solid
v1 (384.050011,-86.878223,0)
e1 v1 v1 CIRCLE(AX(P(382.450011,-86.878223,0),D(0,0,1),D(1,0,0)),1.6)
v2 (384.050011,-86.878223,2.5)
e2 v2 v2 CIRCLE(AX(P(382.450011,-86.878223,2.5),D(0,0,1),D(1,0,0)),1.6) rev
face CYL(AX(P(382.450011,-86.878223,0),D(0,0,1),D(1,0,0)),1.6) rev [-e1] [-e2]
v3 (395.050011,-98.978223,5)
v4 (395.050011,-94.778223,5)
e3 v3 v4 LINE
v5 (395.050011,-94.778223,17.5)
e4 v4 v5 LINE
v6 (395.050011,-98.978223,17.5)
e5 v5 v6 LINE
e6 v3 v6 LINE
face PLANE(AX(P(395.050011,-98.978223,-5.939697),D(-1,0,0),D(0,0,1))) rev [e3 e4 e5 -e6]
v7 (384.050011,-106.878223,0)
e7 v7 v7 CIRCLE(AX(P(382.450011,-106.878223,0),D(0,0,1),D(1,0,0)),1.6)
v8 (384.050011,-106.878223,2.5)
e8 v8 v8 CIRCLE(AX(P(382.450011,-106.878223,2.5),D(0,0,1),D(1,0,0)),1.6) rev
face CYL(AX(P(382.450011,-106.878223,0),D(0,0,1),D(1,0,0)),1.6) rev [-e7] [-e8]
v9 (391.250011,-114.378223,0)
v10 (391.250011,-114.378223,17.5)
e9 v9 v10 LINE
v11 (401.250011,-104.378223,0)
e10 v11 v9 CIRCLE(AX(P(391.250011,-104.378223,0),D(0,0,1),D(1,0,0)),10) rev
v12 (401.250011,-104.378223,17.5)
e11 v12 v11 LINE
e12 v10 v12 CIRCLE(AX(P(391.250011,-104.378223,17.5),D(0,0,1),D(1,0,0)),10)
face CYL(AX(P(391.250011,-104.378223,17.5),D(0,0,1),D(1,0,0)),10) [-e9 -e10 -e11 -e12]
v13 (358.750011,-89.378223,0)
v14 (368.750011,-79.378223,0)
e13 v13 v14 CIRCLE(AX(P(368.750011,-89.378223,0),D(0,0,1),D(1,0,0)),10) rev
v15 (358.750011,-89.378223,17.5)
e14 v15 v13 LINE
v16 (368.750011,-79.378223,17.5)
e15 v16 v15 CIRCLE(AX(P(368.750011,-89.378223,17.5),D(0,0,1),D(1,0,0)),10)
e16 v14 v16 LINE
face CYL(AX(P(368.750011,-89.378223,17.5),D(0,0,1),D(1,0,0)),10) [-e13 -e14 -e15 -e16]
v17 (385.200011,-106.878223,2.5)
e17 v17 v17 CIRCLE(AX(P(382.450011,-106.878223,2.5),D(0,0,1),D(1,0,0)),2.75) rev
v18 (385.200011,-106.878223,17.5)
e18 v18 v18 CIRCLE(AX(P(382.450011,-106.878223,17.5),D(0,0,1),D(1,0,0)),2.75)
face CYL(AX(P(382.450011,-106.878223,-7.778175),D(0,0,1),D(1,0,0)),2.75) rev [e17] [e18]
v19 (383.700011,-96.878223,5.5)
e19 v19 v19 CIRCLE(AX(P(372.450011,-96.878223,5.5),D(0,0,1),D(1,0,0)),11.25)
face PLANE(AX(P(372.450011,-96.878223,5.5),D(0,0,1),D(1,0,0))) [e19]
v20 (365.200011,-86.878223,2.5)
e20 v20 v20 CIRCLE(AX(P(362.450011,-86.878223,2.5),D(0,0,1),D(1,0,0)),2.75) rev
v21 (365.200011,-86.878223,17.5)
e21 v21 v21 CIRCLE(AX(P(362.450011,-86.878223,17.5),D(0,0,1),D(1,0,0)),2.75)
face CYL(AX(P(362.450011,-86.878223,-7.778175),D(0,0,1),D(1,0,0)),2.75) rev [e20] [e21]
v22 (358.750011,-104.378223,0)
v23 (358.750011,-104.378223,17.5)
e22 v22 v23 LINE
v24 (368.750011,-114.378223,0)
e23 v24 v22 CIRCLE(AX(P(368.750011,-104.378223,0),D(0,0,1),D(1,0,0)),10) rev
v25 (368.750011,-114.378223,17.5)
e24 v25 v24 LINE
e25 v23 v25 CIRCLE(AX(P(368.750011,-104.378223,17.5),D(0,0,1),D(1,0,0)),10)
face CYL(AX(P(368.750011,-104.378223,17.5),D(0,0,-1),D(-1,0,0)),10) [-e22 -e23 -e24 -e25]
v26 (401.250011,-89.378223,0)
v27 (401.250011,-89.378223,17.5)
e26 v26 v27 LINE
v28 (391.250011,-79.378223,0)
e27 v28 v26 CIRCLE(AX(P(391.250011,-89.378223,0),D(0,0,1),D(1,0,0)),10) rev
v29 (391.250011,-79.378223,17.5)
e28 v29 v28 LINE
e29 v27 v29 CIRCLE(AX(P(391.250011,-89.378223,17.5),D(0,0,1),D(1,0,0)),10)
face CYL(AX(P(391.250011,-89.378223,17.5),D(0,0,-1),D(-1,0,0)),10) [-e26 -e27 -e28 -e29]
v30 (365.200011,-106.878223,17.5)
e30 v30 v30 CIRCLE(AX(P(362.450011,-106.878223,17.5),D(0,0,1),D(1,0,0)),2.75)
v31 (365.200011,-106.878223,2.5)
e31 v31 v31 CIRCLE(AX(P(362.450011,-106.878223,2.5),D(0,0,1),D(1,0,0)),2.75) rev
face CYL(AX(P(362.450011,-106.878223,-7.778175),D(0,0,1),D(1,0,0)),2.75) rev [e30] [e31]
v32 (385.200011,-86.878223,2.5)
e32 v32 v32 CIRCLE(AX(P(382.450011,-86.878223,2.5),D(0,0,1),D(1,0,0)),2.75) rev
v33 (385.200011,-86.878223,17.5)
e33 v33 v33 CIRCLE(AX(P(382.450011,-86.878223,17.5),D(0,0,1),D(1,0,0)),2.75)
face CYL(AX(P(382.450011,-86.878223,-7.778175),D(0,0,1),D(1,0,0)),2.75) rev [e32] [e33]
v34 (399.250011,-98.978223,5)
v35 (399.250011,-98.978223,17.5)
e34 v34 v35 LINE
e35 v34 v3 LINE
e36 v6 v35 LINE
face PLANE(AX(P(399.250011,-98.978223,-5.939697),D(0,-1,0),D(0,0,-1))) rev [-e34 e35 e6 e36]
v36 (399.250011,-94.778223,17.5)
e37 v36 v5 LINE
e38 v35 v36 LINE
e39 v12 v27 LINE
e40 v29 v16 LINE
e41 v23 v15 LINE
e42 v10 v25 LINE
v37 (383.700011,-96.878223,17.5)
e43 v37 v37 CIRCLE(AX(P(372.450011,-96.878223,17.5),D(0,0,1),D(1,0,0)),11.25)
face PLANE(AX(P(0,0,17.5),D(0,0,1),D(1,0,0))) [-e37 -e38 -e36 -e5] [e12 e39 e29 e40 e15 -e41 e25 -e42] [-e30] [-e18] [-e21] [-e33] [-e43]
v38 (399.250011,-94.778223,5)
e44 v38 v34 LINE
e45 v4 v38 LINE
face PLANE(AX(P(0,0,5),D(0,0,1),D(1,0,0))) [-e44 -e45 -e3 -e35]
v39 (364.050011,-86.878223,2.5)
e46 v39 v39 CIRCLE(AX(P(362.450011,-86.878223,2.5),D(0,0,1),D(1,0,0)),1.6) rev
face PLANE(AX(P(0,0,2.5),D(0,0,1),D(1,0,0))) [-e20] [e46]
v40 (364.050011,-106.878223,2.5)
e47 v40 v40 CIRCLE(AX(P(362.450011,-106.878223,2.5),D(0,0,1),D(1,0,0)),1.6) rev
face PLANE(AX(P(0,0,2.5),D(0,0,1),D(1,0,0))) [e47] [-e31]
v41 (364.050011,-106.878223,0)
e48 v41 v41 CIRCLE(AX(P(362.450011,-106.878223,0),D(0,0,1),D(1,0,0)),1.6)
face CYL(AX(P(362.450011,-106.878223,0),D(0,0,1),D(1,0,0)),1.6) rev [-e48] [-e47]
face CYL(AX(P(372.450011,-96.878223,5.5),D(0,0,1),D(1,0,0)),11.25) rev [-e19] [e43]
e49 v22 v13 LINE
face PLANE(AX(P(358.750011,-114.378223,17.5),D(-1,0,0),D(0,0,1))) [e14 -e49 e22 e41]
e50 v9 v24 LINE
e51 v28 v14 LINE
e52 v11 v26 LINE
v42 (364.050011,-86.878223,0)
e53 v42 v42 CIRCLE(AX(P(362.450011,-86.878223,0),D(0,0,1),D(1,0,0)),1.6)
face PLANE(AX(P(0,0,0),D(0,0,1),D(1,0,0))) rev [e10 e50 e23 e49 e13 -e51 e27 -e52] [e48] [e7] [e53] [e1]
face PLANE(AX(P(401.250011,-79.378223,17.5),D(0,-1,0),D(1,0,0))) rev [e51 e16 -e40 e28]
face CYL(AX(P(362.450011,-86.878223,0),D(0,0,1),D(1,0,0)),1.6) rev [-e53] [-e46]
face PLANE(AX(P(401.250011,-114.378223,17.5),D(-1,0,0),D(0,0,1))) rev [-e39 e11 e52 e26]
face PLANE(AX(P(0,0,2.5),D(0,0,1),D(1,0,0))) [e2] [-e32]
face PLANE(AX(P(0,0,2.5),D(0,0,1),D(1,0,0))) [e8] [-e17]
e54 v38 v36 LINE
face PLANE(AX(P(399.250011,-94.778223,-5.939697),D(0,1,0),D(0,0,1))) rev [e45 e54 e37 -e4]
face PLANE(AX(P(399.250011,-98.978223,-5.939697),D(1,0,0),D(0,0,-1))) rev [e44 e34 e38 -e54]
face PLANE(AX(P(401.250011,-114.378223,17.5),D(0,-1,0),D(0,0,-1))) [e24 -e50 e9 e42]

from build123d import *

# Parameters (mm, degrees)
SKETCH1_W           = 42.5
SKETCH1_H           = 35
BOSS_EXTRUDE1_DEPTH = 17.5
SKETCH3_W           = 4.2
SKETCH3_H           = 4.2
CUT_EXTRUDE1_DEPTH  = 12.5
SKETCH4_R           = 1.599999998
SKETCH4_R_2         = 1.6
CUT_EXTRUDE2_DEPTH  = 18.5
SKETCH5_R           = 2.75
CUT_EXTRUDE3_DEPTH  = 15
SKETCH6_R           = 11.25
CUT_EXTRUDE4_DEPTH  = 12
FILLET1_R           = 10


with BuildPart() as part:
    # Sketch1 → Boss-Extrude1 (new body)
    with BuildSketch(Plane.XY):
        with Locations((380.000010525, -96.878222963)):
            Rectangle(SKETCH1_W, SKETCH1_H)
    extrude(amount=BOSS_EXTRUDE1_DEPTH)

    # Sketch3 → Cut-Extrude1 (cut)
    with BuildSketch(Plane.XY.offset(17.5)):
        with Locations((397.150010525, -96.878222963)):
            Rectangle(SKETCH3_W, SKETCH3_H)
    extrude(amount=-CUT_EXTRUDE1_DEPTH, mode=Mode.SUBTRACT)

    # Sketch4 → Cut-Extrude2 (cut, through all)
    with BuildSketch(Plane.XY.offset(17.5)):
        with Locations((382.450010525, -86.878222963)):
            Circle(SKETCH4_R)
        with Locations((382.450010525, -106.878222963)):
            Circle(SKETCH4_R_2)
        with Locations((362.450010525, -86.878222963)):
            Circle(SKETCH4_R)
        with Locations((362.450010525, -106.878222963)):
            Circle(SKETCH4_R_2)
    extrude(amount=-CUT_EXTRUDE2_DEPTH, mode=Mode.SUBTRACT)

    # Sketch5 → Cut-Extrude3 (cut)
    with BuildSketch(Plane.XY.offset(17.5)):
        with Locations((382.450010525, -106.878222963)):
            Circle(SKETCH5_R)
        with Locations((382.450010525, -86.878222963)):
            Circle(SKETCH5_R)
        with Locations((362.450010525, -86.878222963)):
            Circle(SKETCH5_R)
        with Locations((362.450010525, -106.878222963)):
            Circle(SKETCH5_R)
    extrude(amount=-CUT_EXTRUDE3_DEPTH, mode=Mode.SUBTRACT)

    # Sketch6 → Cut-Extrude4 (cut)
    with BuildSketch(Plane.XY.offset(17.5)):
        with Locations((372.450010525, -96.878222963)):
            Circle(SKETCH6_R)
    extrude(amount=-CUT_EXTRUDE4_DEPTH, mode=Mode.SUBTRACT)

    # Fillet1
    fillet1_edges = [part.edges().sort_by_distance(p)[0] for p in [
        (401.250010525, -114.378222963, 8.75),
        (358.750010525, -114.378222963, 8.75),
        (358.750010525, -79.378222963, 8.75),
        (401.250010525, -79.378222963, 8.75),
    ]]
    fillet(fillet1_edges, radius=FILLET1_R)


solid = part.part
